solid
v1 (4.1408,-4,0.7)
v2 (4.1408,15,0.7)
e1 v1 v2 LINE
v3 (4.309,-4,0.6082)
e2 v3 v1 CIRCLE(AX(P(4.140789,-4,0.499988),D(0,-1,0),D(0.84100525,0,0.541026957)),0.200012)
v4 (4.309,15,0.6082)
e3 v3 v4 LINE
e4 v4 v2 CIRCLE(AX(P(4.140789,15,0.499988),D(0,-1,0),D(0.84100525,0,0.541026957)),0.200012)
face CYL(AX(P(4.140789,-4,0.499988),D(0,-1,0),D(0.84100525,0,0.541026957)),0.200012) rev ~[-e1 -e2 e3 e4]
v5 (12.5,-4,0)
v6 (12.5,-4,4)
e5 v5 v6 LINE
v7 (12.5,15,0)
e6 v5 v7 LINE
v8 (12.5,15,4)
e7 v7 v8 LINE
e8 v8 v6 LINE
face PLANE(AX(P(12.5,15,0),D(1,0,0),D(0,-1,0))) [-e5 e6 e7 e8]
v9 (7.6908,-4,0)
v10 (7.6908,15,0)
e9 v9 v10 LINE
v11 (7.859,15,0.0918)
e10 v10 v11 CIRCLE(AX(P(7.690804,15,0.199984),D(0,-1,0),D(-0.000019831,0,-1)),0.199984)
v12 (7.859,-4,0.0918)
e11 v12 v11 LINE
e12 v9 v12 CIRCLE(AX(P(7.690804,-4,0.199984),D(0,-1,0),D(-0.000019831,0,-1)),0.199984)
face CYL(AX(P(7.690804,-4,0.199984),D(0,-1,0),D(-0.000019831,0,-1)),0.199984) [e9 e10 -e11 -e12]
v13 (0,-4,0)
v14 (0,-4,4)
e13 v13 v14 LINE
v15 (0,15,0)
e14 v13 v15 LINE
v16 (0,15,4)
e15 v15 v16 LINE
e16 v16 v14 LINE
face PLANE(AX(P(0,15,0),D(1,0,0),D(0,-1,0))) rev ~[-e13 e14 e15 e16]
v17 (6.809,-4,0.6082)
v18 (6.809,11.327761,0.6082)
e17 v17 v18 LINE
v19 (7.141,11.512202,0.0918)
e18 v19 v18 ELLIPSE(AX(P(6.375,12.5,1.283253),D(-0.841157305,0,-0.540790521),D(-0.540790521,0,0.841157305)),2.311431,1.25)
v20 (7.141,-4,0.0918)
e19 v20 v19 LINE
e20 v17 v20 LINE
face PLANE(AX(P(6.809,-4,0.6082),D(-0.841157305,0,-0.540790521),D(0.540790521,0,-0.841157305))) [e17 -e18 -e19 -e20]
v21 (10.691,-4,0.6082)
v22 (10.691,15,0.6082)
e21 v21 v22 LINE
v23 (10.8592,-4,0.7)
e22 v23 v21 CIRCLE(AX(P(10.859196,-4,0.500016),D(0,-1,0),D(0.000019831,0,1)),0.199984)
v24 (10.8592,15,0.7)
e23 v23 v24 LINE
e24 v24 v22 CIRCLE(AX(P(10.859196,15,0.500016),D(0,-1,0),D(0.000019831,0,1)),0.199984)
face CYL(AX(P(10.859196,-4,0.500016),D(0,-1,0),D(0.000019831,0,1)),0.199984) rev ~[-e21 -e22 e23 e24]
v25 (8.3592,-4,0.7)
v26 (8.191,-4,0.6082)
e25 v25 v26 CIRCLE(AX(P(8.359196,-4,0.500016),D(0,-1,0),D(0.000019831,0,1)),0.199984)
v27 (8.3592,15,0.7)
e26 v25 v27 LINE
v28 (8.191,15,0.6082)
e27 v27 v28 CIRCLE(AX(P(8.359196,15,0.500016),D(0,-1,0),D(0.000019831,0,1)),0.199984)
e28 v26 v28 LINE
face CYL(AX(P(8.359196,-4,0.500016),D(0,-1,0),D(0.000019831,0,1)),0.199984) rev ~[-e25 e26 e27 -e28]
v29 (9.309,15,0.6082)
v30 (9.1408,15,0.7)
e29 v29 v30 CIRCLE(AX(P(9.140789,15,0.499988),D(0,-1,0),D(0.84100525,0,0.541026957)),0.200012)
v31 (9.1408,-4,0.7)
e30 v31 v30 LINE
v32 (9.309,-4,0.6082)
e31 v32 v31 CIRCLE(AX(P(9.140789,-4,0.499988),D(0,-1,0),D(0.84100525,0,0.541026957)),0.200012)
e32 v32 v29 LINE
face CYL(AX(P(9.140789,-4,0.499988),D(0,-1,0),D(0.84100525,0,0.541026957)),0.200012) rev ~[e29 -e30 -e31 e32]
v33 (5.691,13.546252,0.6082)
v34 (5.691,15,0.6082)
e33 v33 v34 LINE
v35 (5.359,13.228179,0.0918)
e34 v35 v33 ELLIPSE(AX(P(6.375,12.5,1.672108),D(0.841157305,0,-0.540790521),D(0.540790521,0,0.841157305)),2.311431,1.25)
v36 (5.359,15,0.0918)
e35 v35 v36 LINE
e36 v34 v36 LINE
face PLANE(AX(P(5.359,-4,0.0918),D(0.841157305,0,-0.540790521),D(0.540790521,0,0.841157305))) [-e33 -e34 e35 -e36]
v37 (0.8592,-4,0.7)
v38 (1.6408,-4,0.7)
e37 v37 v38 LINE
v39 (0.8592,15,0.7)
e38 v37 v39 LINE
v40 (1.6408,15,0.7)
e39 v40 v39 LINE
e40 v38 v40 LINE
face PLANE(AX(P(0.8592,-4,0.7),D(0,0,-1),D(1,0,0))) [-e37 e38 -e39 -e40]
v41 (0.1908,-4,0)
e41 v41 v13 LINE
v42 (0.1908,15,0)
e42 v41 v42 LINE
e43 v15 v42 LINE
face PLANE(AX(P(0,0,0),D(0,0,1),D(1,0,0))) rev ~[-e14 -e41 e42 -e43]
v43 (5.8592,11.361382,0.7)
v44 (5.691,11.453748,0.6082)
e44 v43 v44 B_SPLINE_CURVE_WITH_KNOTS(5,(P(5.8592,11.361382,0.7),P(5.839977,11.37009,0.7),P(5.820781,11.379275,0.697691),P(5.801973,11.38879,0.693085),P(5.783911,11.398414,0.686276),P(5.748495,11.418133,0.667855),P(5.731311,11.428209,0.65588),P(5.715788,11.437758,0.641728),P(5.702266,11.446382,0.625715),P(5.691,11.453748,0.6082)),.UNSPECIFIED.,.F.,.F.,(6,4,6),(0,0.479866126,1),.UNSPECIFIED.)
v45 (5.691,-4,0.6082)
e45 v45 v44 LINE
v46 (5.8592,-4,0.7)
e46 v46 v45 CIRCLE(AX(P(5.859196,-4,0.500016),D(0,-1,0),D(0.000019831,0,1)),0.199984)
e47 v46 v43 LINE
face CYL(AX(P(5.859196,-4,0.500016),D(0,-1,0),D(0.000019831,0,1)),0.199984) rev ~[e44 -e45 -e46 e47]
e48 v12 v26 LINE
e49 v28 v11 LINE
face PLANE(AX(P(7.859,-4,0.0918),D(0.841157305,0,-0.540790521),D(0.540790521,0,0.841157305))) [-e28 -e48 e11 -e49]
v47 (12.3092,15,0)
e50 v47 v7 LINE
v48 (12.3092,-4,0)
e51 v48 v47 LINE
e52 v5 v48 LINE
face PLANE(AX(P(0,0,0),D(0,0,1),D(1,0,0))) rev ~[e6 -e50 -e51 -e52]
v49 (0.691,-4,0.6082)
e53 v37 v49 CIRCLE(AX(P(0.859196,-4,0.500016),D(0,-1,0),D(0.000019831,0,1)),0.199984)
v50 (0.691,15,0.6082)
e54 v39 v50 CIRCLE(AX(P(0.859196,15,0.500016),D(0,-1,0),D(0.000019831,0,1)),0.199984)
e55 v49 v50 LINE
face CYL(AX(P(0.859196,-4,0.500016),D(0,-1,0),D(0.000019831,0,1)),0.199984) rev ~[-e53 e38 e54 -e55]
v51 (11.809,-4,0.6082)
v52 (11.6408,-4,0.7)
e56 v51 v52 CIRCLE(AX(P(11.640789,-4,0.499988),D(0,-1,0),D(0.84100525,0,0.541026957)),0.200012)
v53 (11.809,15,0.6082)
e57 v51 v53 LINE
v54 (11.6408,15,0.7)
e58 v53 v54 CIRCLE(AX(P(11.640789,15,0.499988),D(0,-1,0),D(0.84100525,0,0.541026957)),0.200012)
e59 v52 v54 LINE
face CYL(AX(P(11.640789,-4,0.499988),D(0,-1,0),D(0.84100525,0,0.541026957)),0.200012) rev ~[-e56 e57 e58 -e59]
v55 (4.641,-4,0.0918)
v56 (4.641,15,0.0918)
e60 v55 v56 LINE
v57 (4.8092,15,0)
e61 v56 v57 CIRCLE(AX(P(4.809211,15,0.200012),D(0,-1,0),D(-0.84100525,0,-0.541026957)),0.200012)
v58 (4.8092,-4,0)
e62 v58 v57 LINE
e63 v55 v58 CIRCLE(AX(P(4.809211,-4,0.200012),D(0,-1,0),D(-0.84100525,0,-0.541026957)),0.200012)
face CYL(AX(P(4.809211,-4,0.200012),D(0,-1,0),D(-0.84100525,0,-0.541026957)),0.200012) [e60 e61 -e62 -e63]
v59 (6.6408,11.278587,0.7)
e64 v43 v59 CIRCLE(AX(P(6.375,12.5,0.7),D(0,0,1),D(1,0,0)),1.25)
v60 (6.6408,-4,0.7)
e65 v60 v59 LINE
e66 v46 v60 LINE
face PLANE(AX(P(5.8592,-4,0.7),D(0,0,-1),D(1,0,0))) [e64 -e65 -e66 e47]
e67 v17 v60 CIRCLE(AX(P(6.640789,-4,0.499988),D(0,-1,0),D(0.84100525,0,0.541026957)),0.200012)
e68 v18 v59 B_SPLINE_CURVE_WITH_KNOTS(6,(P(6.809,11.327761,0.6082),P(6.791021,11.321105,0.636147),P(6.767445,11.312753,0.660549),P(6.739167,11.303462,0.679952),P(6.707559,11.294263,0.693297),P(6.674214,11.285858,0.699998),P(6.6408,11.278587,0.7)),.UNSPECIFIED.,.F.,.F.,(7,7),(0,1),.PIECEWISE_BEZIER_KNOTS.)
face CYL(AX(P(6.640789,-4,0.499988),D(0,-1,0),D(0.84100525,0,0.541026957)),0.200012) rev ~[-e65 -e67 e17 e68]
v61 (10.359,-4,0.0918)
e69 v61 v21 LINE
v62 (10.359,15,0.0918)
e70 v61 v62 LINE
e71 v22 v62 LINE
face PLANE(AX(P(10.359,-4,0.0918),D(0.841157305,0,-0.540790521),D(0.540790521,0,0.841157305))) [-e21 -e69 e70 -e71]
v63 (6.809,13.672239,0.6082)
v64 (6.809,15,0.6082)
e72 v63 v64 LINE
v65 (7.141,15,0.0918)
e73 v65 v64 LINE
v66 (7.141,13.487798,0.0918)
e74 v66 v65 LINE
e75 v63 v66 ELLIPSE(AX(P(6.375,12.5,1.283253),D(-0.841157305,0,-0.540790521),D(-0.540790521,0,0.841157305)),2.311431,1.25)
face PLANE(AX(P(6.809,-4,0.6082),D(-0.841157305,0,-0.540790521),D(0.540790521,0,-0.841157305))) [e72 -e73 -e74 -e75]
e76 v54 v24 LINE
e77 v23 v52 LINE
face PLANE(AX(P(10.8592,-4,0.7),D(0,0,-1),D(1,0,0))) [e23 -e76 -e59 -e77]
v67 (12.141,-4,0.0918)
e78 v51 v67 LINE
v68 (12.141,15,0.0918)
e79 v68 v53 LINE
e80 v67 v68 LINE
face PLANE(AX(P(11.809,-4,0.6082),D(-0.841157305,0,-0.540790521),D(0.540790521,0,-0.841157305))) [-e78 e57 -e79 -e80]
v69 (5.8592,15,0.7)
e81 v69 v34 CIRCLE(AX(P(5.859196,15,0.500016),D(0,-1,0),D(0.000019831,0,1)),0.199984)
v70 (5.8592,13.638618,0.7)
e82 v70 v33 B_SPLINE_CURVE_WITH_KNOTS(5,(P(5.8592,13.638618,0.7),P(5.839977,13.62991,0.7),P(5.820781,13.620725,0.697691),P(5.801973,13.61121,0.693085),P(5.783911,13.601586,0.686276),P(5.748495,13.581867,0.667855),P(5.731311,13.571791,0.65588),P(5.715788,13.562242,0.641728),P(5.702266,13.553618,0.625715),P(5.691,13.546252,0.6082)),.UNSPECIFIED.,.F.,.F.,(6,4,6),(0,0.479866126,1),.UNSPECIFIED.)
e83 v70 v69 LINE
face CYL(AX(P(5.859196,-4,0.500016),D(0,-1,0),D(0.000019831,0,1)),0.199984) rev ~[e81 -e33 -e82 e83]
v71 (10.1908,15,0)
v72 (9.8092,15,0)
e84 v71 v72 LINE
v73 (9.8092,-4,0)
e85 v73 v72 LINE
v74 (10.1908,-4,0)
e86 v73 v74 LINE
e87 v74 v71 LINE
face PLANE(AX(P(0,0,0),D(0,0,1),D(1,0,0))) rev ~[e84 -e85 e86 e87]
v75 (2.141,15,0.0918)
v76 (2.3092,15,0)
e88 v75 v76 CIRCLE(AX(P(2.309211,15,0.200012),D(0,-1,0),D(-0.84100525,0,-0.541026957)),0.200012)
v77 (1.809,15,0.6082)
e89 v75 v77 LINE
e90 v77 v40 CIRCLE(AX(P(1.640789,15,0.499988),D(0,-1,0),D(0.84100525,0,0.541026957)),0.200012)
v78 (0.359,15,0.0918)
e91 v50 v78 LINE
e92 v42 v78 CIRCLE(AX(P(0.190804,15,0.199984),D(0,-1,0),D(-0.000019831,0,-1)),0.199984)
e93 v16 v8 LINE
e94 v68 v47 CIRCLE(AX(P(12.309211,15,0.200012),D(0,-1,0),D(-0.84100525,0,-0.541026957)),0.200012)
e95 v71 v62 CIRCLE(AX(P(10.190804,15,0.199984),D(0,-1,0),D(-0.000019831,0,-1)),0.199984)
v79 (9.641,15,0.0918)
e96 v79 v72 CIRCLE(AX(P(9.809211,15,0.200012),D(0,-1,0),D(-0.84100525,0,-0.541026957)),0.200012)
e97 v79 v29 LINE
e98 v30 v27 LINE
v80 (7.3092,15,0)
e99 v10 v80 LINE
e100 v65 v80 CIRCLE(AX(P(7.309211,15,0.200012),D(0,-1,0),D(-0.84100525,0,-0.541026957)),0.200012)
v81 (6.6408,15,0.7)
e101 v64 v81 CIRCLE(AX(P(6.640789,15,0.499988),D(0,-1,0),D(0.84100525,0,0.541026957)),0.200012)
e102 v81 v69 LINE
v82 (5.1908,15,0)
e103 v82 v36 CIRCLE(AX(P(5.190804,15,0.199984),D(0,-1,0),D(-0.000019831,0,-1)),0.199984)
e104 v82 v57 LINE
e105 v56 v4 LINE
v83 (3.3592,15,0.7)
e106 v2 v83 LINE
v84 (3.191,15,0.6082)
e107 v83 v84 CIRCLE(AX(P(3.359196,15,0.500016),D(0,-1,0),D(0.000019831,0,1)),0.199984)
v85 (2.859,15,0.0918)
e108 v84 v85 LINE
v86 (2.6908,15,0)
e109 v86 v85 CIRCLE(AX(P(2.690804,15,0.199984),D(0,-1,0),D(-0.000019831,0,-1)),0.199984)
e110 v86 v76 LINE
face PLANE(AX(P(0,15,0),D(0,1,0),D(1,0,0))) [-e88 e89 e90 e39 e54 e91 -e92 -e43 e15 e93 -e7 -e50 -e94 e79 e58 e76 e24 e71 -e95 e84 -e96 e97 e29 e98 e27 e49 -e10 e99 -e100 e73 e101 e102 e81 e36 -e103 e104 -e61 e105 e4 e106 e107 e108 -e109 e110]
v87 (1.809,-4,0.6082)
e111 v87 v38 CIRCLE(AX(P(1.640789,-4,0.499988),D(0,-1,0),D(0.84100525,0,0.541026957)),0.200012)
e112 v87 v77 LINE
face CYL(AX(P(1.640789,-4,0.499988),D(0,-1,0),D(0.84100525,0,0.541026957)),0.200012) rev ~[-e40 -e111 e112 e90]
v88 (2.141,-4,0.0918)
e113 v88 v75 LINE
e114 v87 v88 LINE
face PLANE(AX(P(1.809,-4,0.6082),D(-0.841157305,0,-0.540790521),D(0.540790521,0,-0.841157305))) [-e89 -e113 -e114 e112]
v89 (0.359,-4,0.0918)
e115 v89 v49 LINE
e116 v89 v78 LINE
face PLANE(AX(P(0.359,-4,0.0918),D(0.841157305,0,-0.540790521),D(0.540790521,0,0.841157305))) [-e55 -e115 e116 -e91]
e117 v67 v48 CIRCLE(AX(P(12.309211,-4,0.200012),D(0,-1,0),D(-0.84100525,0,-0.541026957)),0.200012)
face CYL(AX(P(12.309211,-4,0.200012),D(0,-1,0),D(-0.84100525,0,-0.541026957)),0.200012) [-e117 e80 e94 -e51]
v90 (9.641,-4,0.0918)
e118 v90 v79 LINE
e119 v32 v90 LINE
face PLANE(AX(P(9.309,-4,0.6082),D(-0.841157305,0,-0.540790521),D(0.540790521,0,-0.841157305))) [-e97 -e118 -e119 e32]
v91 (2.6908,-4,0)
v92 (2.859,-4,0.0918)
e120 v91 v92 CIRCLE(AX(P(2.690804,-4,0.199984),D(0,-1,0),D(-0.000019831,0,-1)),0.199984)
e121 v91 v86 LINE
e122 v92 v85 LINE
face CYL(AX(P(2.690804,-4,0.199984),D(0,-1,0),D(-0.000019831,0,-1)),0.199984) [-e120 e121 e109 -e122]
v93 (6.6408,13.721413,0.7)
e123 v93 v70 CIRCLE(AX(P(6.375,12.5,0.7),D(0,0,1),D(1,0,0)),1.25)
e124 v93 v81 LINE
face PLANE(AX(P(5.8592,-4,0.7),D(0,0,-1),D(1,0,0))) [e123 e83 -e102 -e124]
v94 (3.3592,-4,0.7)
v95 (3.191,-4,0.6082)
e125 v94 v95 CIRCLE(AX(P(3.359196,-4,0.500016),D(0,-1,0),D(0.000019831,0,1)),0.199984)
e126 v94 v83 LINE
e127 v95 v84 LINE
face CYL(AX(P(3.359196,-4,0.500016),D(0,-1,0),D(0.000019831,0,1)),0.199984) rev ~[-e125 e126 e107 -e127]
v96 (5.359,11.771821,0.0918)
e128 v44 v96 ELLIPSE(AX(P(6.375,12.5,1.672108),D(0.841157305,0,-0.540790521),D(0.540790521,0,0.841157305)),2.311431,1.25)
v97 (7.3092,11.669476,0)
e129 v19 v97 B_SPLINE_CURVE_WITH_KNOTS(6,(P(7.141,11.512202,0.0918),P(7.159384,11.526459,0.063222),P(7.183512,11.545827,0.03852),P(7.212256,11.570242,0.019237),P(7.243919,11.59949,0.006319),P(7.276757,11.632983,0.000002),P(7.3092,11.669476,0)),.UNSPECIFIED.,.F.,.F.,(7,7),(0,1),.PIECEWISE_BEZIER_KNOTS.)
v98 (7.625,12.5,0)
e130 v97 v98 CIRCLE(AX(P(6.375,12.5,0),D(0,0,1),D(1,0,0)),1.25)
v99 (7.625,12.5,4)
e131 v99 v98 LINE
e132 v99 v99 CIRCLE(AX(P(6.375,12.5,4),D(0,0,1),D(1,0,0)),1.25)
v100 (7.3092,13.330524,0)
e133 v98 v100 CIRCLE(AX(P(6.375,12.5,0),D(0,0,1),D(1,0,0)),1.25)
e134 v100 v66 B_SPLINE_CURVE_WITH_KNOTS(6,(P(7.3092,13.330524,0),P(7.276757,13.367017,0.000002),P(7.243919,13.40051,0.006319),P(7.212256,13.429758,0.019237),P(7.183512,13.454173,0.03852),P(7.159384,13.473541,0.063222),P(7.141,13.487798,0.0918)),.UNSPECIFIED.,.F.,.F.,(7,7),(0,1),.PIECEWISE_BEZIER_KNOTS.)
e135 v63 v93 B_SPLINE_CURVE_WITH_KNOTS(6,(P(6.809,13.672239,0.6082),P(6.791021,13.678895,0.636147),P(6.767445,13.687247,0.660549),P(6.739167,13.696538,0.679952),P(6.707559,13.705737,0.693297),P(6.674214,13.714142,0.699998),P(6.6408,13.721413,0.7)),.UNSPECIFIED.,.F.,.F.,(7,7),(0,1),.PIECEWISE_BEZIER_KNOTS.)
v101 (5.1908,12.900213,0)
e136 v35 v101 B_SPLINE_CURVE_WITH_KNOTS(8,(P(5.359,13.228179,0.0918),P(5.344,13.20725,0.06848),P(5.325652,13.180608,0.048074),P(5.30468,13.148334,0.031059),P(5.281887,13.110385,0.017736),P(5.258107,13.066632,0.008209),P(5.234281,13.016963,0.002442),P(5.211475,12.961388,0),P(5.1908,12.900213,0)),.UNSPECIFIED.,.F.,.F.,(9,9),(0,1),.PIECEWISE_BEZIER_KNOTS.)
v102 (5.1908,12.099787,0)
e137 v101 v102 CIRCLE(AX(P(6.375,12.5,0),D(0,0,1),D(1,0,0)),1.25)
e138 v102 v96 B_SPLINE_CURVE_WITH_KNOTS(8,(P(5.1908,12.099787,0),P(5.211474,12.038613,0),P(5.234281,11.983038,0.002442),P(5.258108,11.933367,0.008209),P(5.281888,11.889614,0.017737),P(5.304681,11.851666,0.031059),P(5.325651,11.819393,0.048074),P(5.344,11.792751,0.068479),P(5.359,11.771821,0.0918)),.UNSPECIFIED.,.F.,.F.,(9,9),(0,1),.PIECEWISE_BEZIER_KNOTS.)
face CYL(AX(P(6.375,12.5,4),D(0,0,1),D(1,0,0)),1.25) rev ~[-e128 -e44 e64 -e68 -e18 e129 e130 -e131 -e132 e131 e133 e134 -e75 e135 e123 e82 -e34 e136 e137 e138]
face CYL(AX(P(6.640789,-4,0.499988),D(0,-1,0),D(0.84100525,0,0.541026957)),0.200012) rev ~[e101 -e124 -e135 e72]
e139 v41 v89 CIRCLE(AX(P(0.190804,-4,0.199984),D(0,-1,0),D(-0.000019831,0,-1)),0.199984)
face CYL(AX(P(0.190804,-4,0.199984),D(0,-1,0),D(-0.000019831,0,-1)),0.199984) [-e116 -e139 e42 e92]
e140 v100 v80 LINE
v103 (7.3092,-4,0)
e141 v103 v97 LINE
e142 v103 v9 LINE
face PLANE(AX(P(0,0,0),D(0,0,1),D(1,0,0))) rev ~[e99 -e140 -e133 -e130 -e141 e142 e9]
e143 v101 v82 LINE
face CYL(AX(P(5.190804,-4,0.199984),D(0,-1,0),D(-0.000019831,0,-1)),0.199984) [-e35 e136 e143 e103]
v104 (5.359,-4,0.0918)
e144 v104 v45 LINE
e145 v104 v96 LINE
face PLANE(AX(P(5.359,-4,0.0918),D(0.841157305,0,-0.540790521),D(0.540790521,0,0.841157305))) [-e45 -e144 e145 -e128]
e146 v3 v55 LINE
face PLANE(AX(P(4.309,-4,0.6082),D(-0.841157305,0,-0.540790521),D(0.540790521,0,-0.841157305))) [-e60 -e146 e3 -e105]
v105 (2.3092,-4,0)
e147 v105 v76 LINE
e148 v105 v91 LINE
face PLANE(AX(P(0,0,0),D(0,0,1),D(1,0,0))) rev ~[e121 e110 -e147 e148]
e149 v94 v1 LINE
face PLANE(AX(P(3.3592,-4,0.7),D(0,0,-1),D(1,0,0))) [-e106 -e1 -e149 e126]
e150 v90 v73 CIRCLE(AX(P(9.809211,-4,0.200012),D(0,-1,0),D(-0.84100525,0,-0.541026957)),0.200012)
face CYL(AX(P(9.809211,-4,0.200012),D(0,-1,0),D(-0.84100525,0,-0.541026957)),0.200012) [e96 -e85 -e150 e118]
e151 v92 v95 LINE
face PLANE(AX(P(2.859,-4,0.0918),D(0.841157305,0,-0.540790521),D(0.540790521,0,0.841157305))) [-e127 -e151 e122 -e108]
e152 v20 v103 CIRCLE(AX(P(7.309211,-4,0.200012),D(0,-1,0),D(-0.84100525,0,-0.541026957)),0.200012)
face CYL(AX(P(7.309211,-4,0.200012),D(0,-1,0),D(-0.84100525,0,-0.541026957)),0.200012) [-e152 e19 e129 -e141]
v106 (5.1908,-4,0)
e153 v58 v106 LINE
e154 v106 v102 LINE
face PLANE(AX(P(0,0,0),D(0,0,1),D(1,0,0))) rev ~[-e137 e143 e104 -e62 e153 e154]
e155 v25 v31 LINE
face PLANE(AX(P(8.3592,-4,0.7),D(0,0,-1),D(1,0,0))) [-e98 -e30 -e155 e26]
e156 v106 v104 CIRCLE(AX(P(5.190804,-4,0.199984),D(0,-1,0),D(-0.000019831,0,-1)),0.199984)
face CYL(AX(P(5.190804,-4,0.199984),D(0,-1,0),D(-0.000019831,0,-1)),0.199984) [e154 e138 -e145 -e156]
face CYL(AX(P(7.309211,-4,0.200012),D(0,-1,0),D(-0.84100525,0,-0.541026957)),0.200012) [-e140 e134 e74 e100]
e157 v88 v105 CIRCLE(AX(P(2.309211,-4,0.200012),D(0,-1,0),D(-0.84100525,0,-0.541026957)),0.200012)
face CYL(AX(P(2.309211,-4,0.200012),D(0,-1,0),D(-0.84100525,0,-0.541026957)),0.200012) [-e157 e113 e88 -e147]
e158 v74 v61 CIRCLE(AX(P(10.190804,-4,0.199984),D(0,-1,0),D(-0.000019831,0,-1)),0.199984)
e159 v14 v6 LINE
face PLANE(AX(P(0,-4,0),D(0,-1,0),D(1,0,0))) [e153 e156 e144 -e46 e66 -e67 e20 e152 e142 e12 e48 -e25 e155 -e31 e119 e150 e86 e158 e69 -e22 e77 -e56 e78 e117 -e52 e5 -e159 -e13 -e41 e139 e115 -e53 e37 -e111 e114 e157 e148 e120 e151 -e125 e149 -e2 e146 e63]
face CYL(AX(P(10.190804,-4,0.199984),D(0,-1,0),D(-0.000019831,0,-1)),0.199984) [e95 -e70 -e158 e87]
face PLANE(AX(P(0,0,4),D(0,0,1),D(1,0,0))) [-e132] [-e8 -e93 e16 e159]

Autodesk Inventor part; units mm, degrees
ref_plane "YZ Plane" through (0, 0, 0) normal (1, 0, 0) x (0, 1, 0)
ref_plane "XZ Plane" through (0, 0, 0) normal (0, 1, 0) x (-1, 0, 0)
ref_plane "XY Plane" through (0, 0, 0) normal (0, 0, 1) x (1, 0, 0)
sketch "Sketch1" plane through (0, 0, 0) normal (0, 0, 1) x (1, 0, 0)
  line L0 (12.5, 15) -> (12.5, 0)
  line L1 (0, 0) -> (12.5, 0)
  line L2 (0, 15) -> (12.5, 15)
  line L3 (0, 15) -> (0, 0)
extrude "Extrusion2" add sketch "Sketch1" along normal blind 4
sketch "Sketch2" plane through (0, 0, 0) normal (0, -1, 0) x (1, 0, 0)
  line L0 (12.5, 0) -> (0, 0) projected
  line L1 (12.5, 0) -> (12.5, 4) projected
  line L2 (0, 4) -> (12.5, 4) projected
  line L3 (0, 0) -> (0, 4) projected
extrude "Extrusion3" add sketch "Sketch2" along normal blind 4
sketch "Sketch4" plane through (0, -4, 0) normal (0, -1, 0) x (1, 0, 0)
  line L0 (10, 0) -> (10.1908, 0)
  line L1 (10.359, 0.0918) -> (10.691, 0.6082)
  line L2 (11.809, 0.6082) -> (12.141, 0.0918)
  line L3 (10.8592, 0.7) -> (11.6408, 0.7)
  arc A0 (11.809, 0.6082) -> (11.6408, 0.7) centre (11.6408, 0.5) ccw
  arc A1 (10.8592, 0.7) -> (10.691, 0.6082) centre (10.8592, 0.5) ccw
  line L4 (12.3092, 0) -> (12.5, 0)
  arc A2 (10.1908, 0) -> (10.359, 0.0918) centre (10.1908, 0.2) ccw
  arc A3 (12.141, 0.0918) -> (12.3092, 0) centre (12.3092, 0.2) ccw
  line L5 (7.5, 0) -> (7.6908, 0)
  arc A4 (7.6908, 0) -> (7.859, 0.0918) centre (7.6908, 0.2) ccw
  line L6 (7.859, 0.0918) -> (8.191, 0.6082)
  arc A5 (8.3592, 0.7) -> (8.191, 0.6082) centre (8.3592, 0.5) ccw
  line L7 (8.3592, 0.7) -> (9.1408, 0.7)
  arc A6 (9.309, 0.6082) -> (9.1408, 0.7) centre (9.1408, 0.5) ccw
  line L8 (9.309, 0.6082) -> (9.641, 0.0918)
  arc A7 (9.641, 0.0918) -> (9.8092, 0) centre (9.8092, 0.2) ccw
  line L9 (9.8092, 0) -> (10, 0)
  line L10 (5, 0) -> (5.1908, 0)
  arc A8 (5.1908, 0) -> (5.359, 0.0918) centre (5.1908, 0.2) ccw
  line L11 (5.359, 0.0918) -> (5.691, 0.6082)
  arc A9 (5.8592, 0.7) -> (5.691, 0.6082) centre (5.8592, 0.5) ccw
  line L12 (5.8592, 0.7) -> (6.6408, 0.7)
  arc A10 (6.809, 0.6082) -> (6.6408, 0.7) centre (6.6408, 0.5) ccw
  line L13 (6.809, 0.6082) -> (7.141, 0.0918)
  arc A11 (7.141, 0.0918) -> (7.3092, 0) centre (7.3092, 0.2) ccw
  line L14 (7.3092, 0) -> (7.5, 0)
  line L15 (2.5, 0) -> (2.6908, 0)
  arc A12 (2.6908, 0) -> (2.859, 0.0918) centre (2.6908, 0.2) ccw
  line L16 (2.859, 0.0918) -> (3.191, 0.6082)
  arc A13 (3.3592, 0.7) -> (3.191, 0.6082) centre (3.3592, 0.5) ccw
  line L17 (3.3592, 0.7) -> (4.1408, 0.7)
  arc A14 (4.309, 0.6082) -> (4.1408, 0.7) centre (4.1408, 0.5) ccw
  line L18 (4.309, 0.6082) -> (4.641, 0.0918)
  arc A15 (4.641, 0.0918) -> (4.8092, 0) centre (4.8092, 0.2) ccw
  line L19 (4.8092, 0) -> (5, 0)
  line L20 (0, 0) -> (0.1908, 0)
  arc A16 (0.1908, 0) -> (0.359, 0.0918) centre (0.1908, 0.2) ccw
  line L21 (0.359, 0.0918) -> (0.691, 0.6082)
  arc A17 (0.8592, 0.7) -> (0.691, 0.6082) centre (0.8592, 0.5) ccw
  line L22 (0.8592, 0.7) -> (1.6408, 0.7)
  arc A18 (1.809, 0.6082) -> (1.6408, 0.7) centre (1.6408, 0.5) ccw
  line L23 (1.809, 0.6082) -> (2.141, 0.0918)
  arc A19 (2.141, 0.0918) -> (2.3092, 0) centre (2.3092, 0.2) ccw
  line L24 (2.3092, 0) -> (2.5, 0)
  line L25 (7.3092, 0) -> (7.6908, 0)
  line L26 (9.8092, 0) -> (10.1908, 0)
  line L27 (12.3092, 0) -> (12.5, 0)
  line L28 (4.8092, 0) -> (5.1908, 0)
  line L29 (0, 0) -> (0.1908, 0)
  line L30 (2.3092, 0) -> (2.6908, 0)
  line L31 (12.5, 0) -> (12.5, -1)
  line L32 (12.5, -1) -> (0, -1)
  line L33 (0, -1) -> (0, 0)
  point P0 (0, 0)
  point P1 (0, 0)
  point P2 (10.3, 0)
  point P3 (12.2, 0)
  point P4 (7.8, 0)
  point P5 (9.7, 0)
  point P6 (5.3, 0)
  point P7 (7.2, 0)
  point P8 (2.8, 0)
  point P9 (4.7, 0)
  point P10 (0.3, 0)
  point P11 (2.2, 0)
  dimension "d11" = 0.3
  dimension "d12" = 0.2
  dimension "d13" = 0.2
  dimension "d14" = 2.5
  dimension "d16" = 1
extrude "Extrusion4" cut sketch "Sketch4" against normal through all
sketch "Sketch5" plane through (0, 0, 4) normal (0, 0, 1) x (1, 0, 0)
  arc A0 (7.3092, 11.7007) -> (7.3092, 13.2993) centre (6.375, 12.5) ccw projected
  circle A1 centre (6.375, 12.5) radius 1.25
  dimension "d19" = 2.5
extrude "Extrusion5" cut sketch "Sketch5" against normal through all
properties part number "belt clamp"
